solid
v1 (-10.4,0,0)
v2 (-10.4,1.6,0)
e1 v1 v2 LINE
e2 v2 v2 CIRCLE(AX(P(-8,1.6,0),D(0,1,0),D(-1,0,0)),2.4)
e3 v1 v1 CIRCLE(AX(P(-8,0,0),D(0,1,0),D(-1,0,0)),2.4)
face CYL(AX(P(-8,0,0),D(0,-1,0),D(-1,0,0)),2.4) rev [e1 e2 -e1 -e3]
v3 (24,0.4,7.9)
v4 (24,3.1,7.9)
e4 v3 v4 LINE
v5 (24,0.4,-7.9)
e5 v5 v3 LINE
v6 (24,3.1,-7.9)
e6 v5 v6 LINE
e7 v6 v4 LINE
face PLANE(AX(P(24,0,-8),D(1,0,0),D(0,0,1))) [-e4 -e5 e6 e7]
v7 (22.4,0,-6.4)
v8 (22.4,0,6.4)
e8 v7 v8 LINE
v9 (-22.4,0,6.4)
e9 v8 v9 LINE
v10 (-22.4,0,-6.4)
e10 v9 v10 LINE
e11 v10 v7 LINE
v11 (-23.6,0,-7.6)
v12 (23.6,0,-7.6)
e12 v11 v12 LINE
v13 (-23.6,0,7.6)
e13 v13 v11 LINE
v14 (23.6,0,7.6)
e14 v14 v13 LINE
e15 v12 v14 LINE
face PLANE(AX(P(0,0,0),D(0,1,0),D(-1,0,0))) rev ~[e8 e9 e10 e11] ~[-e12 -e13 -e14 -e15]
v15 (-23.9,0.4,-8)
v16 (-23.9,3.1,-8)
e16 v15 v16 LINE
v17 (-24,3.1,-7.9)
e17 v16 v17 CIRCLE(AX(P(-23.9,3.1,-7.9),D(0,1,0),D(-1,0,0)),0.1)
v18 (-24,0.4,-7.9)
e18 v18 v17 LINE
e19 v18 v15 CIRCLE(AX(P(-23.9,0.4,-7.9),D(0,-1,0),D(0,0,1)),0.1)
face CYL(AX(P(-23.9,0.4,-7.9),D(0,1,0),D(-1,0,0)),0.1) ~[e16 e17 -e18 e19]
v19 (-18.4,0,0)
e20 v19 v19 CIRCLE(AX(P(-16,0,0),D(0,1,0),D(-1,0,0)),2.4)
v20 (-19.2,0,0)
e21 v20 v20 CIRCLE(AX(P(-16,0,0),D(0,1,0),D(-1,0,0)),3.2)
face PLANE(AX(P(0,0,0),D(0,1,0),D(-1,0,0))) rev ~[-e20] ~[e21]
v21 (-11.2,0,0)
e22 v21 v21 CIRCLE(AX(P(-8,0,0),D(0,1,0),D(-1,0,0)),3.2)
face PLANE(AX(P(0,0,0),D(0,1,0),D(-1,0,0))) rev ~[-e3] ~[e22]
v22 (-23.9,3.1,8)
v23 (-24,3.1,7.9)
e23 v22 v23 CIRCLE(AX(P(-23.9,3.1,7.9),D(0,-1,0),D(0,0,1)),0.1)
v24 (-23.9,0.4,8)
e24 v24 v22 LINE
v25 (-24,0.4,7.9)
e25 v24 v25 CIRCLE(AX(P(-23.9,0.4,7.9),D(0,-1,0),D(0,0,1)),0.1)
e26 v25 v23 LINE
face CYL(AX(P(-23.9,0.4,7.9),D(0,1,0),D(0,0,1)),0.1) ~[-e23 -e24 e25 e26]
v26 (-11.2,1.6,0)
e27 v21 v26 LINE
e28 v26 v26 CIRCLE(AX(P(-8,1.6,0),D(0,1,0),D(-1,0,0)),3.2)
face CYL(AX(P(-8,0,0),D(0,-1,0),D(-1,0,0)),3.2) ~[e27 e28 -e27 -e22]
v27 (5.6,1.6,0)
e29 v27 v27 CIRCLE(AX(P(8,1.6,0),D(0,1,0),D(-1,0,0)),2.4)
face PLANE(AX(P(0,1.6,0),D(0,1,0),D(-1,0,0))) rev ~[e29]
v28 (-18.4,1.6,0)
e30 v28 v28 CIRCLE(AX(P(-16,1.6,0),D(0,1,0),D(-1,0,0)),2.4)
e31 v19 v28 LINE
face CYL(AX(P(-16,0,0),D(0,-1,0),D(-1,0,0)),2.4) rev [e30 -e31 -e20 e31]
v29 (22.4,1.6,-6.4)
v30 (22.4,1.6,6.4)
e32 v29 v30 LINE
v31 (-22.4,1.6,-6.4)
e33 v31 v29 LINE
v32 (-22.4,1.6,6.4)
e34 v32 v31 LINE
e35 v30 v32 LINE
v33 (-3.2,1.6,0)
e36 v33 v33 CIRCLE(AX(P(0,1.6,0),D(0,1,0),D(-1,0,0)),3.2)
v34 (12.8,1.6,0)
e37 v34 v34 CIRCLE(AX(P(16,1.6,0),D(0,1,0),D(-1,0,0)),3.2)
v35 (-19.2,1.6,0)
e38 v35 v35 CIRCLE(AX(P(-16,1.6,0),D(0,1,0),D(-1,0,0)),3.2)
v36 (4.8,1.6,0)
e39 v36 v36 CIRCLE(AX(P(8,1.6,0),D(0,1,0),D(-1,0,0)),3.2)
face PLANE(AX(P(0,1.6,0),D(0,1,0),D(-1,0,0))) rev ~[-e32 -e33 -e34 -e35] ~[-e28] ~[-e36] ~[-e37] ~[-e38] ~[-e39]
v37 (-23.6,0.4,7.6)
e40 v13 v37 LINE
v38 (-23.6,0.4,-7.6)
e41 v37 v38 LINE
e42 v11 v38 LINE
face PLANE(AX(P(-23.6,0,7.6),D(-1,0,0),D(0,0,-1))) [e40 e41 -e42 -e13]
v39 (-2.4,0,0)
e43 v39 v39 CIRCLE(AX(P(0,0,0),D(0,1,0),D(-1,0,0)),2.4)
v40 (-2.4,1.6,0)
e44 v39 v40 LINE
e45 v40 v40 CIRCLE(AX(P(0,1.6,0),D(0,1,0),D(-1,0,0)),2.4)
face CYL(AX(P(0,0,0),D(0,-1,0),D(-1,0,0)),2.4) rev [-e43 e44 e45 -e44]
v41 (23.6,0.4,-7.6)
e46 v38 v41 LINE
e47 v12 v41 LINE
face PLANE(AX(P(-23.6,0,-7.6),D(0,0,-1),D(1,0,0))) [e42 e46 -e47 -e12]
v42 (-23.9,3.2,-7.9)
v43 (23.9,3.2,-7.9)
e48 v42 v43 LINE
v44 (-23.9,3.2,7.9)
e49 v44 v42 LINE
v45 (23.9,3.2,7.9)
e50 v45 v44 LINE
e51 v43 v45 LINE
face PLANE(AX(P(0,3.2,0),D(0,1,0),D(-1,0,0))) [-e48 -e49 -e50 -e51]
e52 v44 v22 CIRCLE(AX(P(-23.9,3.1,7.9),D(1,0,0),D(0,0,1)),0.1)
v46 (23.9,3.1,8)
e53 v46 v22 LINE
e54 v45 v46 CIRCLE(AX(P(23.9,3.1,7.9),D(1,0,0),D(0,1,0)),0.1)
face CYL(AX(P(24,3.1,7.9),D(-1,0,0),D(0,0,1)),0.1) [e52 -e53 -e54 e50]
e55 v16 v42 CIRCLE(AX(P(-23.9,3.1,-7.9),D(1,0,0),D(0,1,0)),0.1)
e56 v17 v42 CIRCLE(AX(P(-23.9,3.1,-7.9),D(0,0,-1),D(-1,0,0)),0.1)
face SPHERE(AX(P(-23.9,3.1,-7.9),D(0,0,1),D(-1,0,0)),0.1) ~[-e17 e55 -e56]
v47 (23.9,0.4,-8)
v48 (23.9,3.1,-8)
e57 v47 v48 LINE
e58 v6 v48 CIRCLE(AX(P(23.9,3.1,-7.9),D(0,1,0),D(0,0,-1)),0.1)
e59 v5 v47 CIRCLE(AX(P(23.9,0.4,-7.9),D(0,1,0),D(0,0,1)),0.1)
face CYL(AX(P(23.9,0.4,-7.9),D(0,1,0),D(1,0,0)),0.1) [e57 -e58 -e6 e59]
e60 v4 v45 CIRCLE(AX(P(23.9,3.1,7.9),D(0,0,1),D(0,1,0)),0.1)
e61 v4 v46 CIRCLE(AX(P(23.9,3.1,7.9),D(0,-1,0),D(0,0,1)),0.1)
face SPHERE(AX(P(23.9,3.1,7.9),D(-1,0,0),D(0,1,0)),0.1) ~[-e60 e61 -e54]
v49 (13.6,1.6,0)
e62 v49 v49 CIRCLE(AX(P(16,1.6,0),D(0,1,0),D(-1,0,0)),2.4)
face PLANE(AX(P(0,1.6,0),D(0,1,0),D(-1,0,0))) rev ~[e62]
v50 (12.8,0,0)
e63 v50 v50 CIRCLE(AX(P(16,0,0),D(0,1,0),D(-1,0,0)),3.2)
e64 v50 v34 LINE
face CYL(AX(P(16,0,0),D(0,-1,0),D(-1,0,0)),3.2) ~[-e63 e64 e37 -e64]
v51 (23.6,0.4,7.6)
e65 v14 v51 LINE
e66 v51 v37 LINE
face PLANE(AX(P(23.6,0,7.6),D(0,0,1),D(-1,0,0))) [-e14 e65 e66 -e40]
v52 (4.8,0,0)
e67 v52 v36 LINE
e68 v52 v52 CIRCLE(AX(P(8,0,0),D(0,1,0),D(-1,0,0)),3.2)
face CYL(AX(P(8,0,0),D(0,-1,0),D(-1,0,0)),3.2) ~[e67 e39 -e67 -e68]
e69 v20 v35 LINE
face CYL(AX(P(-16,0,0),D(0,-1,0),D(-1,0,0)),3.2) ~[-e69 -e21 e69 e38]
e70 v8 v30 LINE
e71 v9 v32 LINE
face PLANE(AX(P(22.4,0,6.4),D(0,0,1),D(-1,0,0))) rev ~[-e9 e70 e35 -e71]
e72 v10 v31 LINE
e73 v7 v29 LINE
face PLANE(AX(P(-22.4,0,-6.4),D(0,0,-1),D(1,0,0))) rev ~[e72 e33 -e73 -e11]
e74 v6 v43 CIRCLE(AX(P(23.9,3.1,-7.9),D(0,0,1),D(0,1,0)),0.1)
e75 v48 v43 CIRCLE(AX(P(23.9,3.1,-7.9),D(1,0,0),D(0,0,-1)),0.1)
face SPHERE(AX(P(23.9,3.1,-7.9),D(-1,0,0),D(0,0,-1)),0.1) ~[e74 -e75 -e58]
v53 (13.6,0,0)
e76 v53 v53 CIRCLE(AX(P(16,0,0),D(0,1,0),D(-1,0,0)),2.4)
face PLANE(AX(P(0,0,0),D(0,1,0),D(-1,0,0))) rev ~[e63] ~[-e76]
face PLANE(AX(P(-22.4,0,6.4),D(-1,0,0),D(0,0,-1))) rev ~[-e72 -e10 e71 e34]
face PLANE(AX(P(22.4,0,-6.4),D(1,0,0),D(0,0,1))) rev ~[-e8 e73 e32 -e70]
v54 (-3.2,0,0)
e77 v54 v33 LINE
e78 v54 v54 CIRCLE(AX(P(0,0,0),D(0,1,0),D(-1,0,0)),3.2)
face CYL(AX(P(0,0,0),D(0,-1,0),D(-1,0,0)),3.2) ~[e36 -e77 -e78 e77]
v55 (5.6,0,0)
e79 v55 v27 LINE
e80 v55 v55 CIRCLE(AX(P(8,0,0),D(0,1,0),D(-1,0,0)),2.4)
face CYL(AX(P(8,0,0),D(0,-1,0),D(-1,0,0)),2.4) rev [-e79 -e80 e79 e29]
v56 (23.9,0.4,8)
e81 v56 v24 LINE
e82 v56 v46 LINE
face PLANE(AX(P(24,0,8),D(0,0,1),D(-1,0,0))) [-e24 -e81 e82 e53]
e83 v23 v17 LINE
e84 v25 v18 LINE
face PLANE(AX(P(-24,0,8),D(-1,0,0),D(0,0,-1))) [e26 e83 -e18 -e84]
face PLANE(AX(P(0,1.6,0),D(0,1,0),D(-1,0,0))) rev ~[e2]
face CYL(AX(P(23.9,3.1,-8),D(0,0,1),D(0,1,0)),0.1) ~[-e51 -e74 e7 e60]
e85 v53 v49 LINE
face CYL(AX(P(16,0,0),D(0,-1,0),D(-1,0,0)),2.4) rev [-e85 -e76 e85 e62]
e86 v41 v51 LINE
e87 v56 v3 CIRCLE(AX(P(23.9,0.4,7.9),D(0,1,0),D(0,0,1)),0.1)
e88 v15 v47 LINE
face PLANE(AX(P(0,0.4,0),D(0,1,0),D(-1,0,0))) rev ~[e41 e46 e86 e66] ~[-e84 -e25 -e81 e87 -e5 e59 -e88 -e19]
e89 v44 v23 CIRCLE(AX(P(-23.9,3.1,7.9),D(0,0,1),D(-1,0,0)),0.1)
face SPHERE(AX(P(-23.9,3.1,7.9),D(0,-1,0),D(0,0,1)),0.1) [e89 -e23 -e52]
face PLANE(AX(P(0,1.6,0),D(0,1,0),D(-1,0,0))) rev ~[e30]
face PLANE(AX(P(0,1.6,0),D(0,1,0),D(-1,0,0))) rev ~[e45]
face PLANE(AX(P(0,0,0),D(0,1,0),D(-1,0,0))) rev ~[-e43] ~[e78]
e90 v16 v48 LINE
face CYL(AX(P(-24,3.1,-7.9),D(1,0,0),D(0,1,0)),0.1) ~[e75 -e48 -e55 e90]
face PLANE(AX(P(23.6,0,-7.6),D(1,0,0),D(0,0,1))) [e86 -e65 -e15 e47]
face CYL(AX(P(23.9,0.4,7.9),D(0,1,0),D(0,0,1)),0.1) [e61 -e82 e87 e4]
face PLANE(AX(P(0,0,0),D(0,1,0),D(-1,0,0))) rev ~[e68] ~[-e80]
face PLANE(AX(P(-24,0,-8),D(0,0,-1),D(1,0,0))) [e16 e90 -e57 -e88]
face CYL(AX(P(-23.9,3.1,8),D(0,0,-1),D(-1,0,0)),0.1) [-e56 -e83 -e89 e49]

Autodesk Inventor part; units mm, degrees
ref_plane "YZ Plane" through (0, 0, 0) normal (1, 0, 0) x (0, 1, 0)
ref_plane "XZ Plane" through (0, 0, 0) normal (0, 1, 0) x (-1, 0, 0)
ref_plane "XY Plane" through (0, 0, 0) normal (0, 0, 1) x (1, 0, 0)
sketch "Sketch2" plane through (0, 0, 0) normal (0, 1, 0) x (-1, 0, 0)
  line L0 (-24, 8) -> (24, 8)
  line L1 (24, 8) -> (24, -8)
  line L2 (24, -8) -> (-24, -8)
  line L3 (-24, -8) -> (-24, 8)
  line L4 (-23.6, 7.6) -> (23.6, 7.6)
  line L5 (23.6, 7.6) -> (23.6, -7.6)
  line L6 (23.6, -7.6) -> (-23.6, -7.6)
  line L7 (-23.6, -7.6) -> (-23.6, 7.6)
  circle A0 centre (0, 0) radius 2.4
  circle A1 centre (0, 0) radius 3.2
  circle A2 centre (-8, 0) radius 2.4
  circle A3 centre (-8, 0) radius 3.2
  circle A4 centre (-16, 0) radius 2.4
  circle A5 centre (-16, 0) radius 3.2
  circle A6 centre (8, 0) radius 2.4
  circle A7 centre (8, 0) radius 3.2
  circle A8 centre (16, 0) radius 2.4
  circle A9 centre (16, 0) radius 3.2
  line L8 (16, 0) -> (8, 0) construction
  line L9 (8, 0) -> (0, 0) construction
  line L10 (0, 0) -> (-8, 0) construction
  line L11 (-8, 0) -> (-16, 0) construction
  line L12 (-22.4, 6.4) -> (22.4, 6.4)
  line L13 (22.4, 6.4) -> (22.4, -6.4)
  line L14 (22.4, -6.4) -> (-22.4, -6.4)
  line L15 (-22.4, -6.4) -> (-22.4, 6.4)
  circle A10 centre (-20, 4) radius 2.4 construction
  circle A11 centre (-20, -4) radius 2.4 construction
  circle A12 centre (20, 4) radius 2.4 construction
  circle A13 centre (20, -4) radius 2.4 construction
  point P0 (0, 8)
  point P1 (-24, 0)
  point P2 (0, 7.6)
  point P3 (-23.6, 0)
  point P4 (0, 6.4)
  point P5 (-22.4, 0)
  dimension "d0" = 16
  dimension "d1" = 48
  dimension "d2" = 0.4
  dimension "d3" = 0.4
  dimension "d4" = 4.8
  dimension "d5" = 6.4
  dimension "d6" = 8
  dimension "d7" = 1.6
  dimension "d8" = 1.6
  dimension "d15" = 4.8
extrude "Extrusion1" add sketch "Sketch2" along normal blind 3.2 contours L0 L1 L2 L3 | L4 L5 L6 L7 | A0 | A1 | A2 | A3 | A4 | A5 | A6 | A7 | A8 | A9 | L12 L13 L14 L15
extrude "Extrusion2" cut sketch "Sketch2" along normal blind 0.4 contours L0 L1 L2 L3
extrude "Extrusion3" cut sketch "Sketch2" along normal blind 1.6 contours A0 | A2 | A4 | A6 | A8 | L12 L13 L14 L15
fillet "Fillet1" radius 0.1 8 edges at (-24, 1.8, 8) (0, 3.2, 8) (-24, 3.2, 0) (-24, 1.8, -8) (0, 3.2, -8) (24, 1.8, -8) (24, 3.2, 0) (24, 1.8, 8)
sketch "Skizze3" plane through (0, 3.2, 0) normal (0, 1, 0) x (1, 0, 0)
  line L0 (23.9, 7.9) -> (23.9, -7.9) projected
  line L1 (-23.9, 7.9) -> (23.9, 7.9) projected
  line L2 (-23.9, -7.9) -> (-23.9, 7.9) projected
  line L3 (23.9, -7.9) -> (-23.9, -7.9) projected
  line L4 (-23.9, -8) -> (23.9, -8) projected
  line L5 (-24, 7.9) -> (-24, -7.9) projected
  line L6 (23.9, 8) -> (-23.9, 8) projected
  line L7 (-24.9, -8) -> (-24.9, 8.7) construction
  line L8 (-24.9, 8.7) -> (28.8414, 8.7) construction
  line L9 (28.8414, 8.7) -> (28.8414, -8) construction
  line L10 (28.8414, -8) -> (-24.9, -8) construction
  dimension "d49" = 0.9
  dimension "d50" = 0.7
decal "Aufkleber1"
equation "\"d0\" = 2 * lu"
equation "\"d1\" = 6 * lu"
equation "\"d2\" = gw"
equation "\"d3\" = gw"
equation "\"d4\" = kd"
equation "\"d6\" = lu"
equation "\"d7\" = wall"
equation "\"d8\" = wall"
equation "\"d15\" = kd"
equation "\"d9\" = 0.333333 * lh"
equation "\"d11\" = gh"
equation "\"d13\" = 0.333333 * lh - topthk"
equation "\"d16\" = lf"
equation "\"lu\" = 8"
equation "\"gw\" = 0.4"
equation "\"kd\" = 4.8"
equation "\"wall\" = 1.6"
equation "\"lh\" = 9.6"
equation "\"gh\" = 0.4"
equation "\"topthk\" = 1.6"
equation "\"lf\" = 0.1"
properties part number "42146_69729_3" material "ABS Plastic"
